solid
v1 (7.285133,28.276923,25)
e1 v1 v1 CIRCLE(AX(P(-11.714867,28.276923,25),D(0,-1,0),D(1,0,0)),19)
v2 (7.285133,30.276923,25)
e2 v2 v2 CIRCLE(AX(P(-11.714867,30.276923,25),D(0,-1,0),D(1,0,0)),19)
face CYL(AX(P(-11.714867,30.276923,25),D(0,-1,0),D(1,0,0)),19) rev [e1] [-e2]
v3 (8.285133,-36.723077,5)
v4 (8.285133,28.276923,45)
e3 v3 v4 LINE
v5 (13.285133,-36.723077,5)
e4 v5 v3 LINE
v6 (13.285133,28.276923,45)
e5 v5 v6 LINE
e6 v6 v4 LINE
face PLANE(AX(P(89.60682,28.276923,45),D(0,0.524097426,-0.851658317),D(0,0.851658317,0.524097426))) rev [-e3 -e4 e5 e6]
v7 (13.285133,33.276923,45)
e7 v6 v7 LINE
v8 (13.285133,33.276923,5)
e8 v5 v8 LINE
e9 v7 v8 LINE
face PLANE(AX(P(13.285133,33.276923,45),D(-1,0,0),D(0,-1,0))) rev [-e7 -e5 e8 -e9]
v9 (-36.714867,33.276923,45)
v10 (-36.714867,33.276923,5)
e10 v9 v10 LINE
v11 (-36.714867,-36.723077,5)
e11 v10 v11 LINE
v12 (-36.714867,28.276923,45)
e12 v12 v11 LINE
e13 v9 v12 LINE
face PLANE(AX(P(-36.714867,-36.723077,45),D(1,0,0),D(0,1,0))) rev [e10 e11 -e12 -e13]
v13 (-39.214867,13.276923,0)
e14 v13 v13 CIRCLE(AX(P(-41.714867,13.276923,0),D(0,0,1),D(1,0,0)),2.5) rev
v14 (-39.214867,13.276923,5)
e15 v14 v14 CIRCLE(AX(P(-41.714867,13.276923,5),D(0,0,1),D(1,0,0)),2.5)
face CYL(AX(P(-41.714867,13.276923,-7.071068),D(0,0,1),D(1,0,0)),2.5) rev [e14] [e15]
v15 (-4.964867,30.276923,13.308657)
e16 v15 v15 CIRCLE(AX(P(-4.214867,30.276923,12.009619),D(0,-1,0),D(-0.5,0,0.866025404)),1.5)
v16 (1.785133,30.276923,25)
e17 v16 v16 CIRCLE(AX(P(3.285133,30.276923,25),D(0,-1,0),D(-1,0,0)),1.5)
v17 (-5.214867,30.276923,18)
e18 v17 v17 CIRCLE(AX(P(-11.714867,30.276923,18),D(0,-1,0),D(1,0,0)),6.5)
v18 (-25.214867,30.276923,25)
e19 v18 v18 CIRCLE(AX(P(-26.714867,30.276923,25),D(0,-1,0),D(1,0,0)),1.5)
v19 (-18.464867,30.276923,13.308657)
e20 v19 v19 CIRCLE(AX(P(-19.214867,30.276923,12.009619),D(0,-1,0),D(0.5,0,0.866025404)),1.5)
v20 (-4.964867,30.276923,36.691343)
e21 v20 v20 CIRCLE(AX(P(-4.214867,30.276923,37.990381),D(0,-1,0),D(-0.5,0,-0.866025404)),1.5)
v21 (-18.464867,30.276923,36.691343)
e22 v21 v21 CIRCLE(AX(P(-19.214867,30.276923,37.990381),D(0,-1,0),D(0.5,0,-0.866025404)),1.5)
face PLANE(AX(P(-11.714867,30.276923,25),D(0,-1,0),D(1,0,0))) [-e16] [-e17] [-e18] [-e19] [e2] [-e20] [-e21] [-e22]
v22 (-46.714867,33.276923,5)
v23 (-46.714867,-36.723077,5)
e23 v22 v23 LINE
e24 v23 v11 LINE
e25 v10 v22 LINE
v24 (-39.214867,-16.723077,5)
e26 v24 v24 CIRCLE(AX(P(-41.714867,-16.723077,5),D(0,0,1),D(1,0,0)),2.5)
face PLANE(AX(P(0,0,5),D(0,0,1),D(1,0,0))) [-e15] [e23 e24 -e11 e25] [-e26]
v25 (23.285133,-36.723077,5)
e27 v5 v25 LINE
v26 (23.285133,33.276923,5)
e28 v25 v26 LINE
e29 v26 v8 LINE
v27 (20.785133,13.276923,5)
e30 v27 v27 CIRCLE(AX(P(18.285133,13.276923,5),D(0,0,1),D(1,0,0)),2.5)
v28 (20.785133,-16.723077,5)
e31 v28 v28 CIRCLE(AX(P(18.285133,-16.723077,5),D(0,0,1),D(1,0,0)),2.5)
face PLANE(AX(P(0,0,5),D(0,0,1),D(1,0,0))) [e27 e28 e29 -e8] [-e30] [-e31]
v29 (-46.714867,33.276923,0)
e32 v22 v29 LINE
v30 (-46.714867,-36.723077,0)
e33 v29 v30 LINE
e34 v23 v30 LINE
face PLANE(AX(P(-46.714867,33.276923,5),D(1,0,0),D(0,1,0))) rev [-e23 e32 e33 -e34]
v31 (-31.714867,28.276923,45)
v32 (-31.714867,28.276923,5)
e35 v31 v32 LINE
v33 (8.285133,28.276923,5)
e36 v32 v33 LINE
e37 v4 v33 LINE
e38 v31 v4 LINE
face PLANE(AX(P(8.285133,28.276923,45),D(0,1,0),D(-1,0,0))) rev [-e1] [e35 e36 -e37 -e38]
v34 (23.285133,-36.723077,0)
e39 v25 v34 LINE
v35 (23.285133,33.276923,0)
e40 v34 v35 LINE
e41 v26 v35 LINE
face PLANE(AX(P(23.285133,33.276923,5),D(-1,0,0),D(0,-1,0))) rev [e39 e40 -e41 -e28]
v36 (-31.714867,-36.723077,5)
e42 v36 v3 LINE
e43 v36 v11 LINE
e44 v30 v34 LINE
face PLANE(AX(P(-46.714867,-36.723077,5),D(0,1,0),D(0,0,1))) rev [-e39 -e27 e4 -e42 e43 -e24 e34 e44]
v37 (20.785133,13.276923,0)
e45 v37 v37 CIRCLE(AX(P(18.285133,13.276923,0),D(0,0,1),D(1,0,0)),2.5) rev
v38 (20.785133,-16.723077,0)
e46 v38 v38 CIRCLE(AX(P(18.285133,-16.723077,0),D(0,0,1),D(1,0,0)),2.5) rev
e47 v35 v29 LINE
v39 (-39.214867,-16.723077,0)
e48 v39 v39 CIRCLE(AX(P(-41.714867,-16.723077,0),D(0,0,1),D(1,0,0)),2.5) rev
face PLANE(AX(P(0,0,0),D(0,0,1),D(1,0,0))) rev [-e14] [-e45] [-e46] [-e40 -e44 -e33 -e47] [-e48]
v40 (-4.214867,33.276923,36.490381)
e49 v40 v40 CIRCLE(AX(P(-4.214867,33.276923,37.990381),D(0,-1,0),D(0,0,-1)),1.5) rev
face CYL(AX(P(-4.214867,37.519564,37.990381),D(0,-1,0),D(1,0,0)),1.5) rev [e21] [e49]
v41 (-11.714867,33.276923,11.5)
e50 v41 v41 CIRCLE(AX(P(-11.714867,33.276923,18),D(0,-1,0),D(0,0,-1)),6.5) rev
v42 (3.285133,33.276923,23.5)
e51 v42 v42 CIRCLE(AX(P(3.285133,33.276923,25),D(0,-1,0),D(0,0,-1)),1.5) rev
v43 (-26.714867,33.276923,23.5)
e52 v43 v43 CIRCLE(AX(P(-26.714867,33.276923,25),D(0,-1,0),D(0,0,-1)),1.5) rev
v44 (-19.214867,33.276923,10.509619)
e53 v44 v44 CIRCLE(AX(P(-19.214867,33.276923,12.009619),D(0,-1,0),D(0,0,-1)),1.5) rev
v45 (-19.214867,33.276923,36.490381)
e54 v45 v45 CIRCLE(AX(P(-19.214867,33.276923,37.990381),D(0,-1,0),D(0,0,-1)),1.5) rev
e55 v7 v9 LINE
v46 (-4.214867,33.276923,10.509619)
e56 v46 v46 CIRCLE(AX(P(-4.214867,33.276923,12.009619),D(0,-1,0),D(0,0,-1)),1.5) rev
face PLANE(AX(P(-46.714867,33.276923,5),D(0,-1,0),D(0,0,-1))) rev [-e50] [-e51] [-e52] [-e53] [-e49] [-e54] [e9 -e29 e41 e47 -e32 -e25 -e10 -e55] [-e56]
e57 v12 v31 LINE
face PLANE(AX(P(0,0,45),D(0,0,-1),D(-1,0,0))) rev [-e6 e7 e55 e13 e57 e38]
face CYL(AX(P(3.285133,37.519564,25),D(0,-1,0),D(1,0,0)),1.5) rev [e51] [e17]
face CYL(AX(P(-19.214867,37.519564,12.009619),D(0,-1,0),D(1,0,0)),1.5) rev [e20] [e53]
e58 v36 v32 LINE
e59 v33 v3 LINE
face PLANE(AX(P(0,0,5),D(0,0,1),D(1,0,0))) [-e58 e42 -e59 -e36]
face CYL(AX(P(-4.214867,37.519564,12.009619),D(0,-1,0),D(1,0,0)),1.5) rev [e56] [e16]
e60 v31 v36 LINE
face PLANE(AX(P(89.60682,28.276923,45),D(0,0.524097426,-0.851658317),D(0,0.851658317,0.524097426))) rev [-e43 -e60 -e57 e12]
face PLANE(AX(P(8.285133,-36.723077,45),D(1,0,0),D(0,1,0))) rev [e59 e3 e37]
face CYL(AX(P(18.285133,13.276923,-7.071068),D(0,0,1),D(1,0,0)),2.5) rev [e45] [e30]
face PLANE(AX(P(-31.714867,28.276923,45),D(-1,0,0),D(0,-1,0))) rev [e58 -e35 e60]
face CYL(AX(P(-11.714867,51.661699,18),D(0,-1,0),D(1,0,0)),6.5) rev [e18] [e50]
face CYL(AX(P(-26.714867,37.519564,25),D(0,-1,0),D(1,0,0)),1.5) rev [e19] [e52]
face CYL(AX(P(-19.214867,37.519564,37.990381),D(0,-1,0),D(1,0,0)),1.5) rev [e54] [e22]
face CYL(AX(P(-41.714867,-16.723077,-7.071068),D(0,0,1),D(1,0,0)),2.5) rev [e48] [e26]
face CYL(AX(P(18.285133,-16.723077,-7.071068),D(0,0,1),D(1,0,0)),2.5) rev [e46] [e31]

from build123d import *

# Parameters (mm, degrees)
ESQUISSE1_W                  = 70
ESQUISSE1_H                  = 70
BOSS_EXTRU_1_DEPTH           = 5
BOSS_EXTRU_2_DEPTH           = 40
ENL_V_MAT_EXTRU_1_DEPTH      = 50
ESQUISSE5_R                  = 2.5
ENL_V_MAT_EXTRU_2_DEPTH      = 5
ESQUISSE6_R                  = 19
ENL_V_MAT_EXTRU_3_DEPTH      = 2
ESQUISSE7_R                  = 6.5
ENL_V_MAT_EXTRU_4_DEPTH      = 3
ESQUISSE10_R                 = 1.5
ENL_V_MAT_EXTRU_5_DEPTH      = 3
R_P_TITION_CIRCULAIRE1_COUNT = 6


with BuildPart() as part:
    # Esquisse1 → Boss.-Extru.1 (new body)
    with BuildSketch(Plane.XY):
        with Locations((-11.714867345, -1.723076923)):
            Rectangle(ESQUISSE1_W, ESQUISSE1_H)
    extrude(amount=BOSS_EXTRU_1_DEPTH)

    # Esquisse3 → Boss.-Extru.2 (add)
    with BuildSketch(Plane.XY.offset(5)):
        Polygon((-36.714867345, -36.723076923), (-36.714867345, 33.276923077), (13.285132655, 33.276923077), (13.285132655, -36.723076923), (8.285132655, -36.723076923), (8.285132655, 28.276923077), (-31.714867345, 28.276923077), (-31.714867345, -36.723076923), align=None)
    extrude(amount=BOSS_EXTRU_2_DEPTH)

    # Esquisse4 → Enlèv. mat.-Extru.1 (cut)
    with BuildSketch(Plane.ZY.offset(36.714867345)):
        Polygon((45, 28.276923077), (5, -36.723076923), (45, -36.723076923), align=None)
    extrude(amount=-ENL_V_MAT_EXTRU_1_DEPTH, mode=Mode.SUBTRACT)

    # Esquisse5 → Enlèv. mat.-Extru.2 (cut)
    with BuildSketch(Plane.XY.offset(5)):
        with Locations((-41.714867345, 13.276923077)):
            Circle(ESQUISSE5_R)
        with Locations((-41.714867345, -16.723076923)):
            Circle(ESQUISSE5_R)
        with Locations((18.285132655, -16.723076923)):
            Circle(ESQUISSE5_R)
        with Locations((18.285132655, 13.276923077)):
            Circle(ESQUISSE5_R)
    extrude(amount=-ENL_V_MAT_EXTRU_2_DEPTH, mode=Mode.SUBTRACT)

    # Esquisse6 → Enlèv. mat.-Extru.3 (cut)
    with BuildSketch(Plane.XZ.offset(-28.276923077)):
        with Locations((-11.714867345, 25)):
            Circle(ESQUISSE6_R)
    extrude(amount=-ENL_V_MAT_EXTRU_3_DEPTH, mode=Mode.SUBTRACT)

    # Esquisse7 → Enlèv. mat.-Extru.4 (cut)
    with BuildSketch(Plane.XZ.offset(-30.276923077)):
        with Locations((-11.714867345, 18)):
            Circle(ESQUISSE7_R)
    extrude(amount=-ENL_V_MAT_EXTRU_4_DEPTH, mode=Mode.SUBTRACT)

    # Esquisse10 → Enlèv. mat.-Extru.5 (cut)
    with BuildSketch(Plane.XZ.offset(-30.276923077)):
        with Locations((-26.714867345, 25)):
            Circle(ESQUISSE10_R)
    enl_v_mat_extru_5 = extrude(amount=-ENL_V_MAT_EXTRU_5_DEPTH, mode=Mode.SUBTRACT)

    # Répétition circulaire1: Enlèv. mat.-Extru.5 ×6 about axis
    r_p_tition_circulaire1_axis = Axis((-11.714867345, 0, 25), (0, 1, 0))
    for i in range(1, R_P_TITION_CIRCULAIRE1_COUNT):
        add(enl_v_mat_extru_5.rotate(r_p_tition_circulaire1_axis, i * 360 / R_P_TITION_CIRCULAIRE1_COUNT), mode=Mode.SUBTRACT)


solid = part.part
